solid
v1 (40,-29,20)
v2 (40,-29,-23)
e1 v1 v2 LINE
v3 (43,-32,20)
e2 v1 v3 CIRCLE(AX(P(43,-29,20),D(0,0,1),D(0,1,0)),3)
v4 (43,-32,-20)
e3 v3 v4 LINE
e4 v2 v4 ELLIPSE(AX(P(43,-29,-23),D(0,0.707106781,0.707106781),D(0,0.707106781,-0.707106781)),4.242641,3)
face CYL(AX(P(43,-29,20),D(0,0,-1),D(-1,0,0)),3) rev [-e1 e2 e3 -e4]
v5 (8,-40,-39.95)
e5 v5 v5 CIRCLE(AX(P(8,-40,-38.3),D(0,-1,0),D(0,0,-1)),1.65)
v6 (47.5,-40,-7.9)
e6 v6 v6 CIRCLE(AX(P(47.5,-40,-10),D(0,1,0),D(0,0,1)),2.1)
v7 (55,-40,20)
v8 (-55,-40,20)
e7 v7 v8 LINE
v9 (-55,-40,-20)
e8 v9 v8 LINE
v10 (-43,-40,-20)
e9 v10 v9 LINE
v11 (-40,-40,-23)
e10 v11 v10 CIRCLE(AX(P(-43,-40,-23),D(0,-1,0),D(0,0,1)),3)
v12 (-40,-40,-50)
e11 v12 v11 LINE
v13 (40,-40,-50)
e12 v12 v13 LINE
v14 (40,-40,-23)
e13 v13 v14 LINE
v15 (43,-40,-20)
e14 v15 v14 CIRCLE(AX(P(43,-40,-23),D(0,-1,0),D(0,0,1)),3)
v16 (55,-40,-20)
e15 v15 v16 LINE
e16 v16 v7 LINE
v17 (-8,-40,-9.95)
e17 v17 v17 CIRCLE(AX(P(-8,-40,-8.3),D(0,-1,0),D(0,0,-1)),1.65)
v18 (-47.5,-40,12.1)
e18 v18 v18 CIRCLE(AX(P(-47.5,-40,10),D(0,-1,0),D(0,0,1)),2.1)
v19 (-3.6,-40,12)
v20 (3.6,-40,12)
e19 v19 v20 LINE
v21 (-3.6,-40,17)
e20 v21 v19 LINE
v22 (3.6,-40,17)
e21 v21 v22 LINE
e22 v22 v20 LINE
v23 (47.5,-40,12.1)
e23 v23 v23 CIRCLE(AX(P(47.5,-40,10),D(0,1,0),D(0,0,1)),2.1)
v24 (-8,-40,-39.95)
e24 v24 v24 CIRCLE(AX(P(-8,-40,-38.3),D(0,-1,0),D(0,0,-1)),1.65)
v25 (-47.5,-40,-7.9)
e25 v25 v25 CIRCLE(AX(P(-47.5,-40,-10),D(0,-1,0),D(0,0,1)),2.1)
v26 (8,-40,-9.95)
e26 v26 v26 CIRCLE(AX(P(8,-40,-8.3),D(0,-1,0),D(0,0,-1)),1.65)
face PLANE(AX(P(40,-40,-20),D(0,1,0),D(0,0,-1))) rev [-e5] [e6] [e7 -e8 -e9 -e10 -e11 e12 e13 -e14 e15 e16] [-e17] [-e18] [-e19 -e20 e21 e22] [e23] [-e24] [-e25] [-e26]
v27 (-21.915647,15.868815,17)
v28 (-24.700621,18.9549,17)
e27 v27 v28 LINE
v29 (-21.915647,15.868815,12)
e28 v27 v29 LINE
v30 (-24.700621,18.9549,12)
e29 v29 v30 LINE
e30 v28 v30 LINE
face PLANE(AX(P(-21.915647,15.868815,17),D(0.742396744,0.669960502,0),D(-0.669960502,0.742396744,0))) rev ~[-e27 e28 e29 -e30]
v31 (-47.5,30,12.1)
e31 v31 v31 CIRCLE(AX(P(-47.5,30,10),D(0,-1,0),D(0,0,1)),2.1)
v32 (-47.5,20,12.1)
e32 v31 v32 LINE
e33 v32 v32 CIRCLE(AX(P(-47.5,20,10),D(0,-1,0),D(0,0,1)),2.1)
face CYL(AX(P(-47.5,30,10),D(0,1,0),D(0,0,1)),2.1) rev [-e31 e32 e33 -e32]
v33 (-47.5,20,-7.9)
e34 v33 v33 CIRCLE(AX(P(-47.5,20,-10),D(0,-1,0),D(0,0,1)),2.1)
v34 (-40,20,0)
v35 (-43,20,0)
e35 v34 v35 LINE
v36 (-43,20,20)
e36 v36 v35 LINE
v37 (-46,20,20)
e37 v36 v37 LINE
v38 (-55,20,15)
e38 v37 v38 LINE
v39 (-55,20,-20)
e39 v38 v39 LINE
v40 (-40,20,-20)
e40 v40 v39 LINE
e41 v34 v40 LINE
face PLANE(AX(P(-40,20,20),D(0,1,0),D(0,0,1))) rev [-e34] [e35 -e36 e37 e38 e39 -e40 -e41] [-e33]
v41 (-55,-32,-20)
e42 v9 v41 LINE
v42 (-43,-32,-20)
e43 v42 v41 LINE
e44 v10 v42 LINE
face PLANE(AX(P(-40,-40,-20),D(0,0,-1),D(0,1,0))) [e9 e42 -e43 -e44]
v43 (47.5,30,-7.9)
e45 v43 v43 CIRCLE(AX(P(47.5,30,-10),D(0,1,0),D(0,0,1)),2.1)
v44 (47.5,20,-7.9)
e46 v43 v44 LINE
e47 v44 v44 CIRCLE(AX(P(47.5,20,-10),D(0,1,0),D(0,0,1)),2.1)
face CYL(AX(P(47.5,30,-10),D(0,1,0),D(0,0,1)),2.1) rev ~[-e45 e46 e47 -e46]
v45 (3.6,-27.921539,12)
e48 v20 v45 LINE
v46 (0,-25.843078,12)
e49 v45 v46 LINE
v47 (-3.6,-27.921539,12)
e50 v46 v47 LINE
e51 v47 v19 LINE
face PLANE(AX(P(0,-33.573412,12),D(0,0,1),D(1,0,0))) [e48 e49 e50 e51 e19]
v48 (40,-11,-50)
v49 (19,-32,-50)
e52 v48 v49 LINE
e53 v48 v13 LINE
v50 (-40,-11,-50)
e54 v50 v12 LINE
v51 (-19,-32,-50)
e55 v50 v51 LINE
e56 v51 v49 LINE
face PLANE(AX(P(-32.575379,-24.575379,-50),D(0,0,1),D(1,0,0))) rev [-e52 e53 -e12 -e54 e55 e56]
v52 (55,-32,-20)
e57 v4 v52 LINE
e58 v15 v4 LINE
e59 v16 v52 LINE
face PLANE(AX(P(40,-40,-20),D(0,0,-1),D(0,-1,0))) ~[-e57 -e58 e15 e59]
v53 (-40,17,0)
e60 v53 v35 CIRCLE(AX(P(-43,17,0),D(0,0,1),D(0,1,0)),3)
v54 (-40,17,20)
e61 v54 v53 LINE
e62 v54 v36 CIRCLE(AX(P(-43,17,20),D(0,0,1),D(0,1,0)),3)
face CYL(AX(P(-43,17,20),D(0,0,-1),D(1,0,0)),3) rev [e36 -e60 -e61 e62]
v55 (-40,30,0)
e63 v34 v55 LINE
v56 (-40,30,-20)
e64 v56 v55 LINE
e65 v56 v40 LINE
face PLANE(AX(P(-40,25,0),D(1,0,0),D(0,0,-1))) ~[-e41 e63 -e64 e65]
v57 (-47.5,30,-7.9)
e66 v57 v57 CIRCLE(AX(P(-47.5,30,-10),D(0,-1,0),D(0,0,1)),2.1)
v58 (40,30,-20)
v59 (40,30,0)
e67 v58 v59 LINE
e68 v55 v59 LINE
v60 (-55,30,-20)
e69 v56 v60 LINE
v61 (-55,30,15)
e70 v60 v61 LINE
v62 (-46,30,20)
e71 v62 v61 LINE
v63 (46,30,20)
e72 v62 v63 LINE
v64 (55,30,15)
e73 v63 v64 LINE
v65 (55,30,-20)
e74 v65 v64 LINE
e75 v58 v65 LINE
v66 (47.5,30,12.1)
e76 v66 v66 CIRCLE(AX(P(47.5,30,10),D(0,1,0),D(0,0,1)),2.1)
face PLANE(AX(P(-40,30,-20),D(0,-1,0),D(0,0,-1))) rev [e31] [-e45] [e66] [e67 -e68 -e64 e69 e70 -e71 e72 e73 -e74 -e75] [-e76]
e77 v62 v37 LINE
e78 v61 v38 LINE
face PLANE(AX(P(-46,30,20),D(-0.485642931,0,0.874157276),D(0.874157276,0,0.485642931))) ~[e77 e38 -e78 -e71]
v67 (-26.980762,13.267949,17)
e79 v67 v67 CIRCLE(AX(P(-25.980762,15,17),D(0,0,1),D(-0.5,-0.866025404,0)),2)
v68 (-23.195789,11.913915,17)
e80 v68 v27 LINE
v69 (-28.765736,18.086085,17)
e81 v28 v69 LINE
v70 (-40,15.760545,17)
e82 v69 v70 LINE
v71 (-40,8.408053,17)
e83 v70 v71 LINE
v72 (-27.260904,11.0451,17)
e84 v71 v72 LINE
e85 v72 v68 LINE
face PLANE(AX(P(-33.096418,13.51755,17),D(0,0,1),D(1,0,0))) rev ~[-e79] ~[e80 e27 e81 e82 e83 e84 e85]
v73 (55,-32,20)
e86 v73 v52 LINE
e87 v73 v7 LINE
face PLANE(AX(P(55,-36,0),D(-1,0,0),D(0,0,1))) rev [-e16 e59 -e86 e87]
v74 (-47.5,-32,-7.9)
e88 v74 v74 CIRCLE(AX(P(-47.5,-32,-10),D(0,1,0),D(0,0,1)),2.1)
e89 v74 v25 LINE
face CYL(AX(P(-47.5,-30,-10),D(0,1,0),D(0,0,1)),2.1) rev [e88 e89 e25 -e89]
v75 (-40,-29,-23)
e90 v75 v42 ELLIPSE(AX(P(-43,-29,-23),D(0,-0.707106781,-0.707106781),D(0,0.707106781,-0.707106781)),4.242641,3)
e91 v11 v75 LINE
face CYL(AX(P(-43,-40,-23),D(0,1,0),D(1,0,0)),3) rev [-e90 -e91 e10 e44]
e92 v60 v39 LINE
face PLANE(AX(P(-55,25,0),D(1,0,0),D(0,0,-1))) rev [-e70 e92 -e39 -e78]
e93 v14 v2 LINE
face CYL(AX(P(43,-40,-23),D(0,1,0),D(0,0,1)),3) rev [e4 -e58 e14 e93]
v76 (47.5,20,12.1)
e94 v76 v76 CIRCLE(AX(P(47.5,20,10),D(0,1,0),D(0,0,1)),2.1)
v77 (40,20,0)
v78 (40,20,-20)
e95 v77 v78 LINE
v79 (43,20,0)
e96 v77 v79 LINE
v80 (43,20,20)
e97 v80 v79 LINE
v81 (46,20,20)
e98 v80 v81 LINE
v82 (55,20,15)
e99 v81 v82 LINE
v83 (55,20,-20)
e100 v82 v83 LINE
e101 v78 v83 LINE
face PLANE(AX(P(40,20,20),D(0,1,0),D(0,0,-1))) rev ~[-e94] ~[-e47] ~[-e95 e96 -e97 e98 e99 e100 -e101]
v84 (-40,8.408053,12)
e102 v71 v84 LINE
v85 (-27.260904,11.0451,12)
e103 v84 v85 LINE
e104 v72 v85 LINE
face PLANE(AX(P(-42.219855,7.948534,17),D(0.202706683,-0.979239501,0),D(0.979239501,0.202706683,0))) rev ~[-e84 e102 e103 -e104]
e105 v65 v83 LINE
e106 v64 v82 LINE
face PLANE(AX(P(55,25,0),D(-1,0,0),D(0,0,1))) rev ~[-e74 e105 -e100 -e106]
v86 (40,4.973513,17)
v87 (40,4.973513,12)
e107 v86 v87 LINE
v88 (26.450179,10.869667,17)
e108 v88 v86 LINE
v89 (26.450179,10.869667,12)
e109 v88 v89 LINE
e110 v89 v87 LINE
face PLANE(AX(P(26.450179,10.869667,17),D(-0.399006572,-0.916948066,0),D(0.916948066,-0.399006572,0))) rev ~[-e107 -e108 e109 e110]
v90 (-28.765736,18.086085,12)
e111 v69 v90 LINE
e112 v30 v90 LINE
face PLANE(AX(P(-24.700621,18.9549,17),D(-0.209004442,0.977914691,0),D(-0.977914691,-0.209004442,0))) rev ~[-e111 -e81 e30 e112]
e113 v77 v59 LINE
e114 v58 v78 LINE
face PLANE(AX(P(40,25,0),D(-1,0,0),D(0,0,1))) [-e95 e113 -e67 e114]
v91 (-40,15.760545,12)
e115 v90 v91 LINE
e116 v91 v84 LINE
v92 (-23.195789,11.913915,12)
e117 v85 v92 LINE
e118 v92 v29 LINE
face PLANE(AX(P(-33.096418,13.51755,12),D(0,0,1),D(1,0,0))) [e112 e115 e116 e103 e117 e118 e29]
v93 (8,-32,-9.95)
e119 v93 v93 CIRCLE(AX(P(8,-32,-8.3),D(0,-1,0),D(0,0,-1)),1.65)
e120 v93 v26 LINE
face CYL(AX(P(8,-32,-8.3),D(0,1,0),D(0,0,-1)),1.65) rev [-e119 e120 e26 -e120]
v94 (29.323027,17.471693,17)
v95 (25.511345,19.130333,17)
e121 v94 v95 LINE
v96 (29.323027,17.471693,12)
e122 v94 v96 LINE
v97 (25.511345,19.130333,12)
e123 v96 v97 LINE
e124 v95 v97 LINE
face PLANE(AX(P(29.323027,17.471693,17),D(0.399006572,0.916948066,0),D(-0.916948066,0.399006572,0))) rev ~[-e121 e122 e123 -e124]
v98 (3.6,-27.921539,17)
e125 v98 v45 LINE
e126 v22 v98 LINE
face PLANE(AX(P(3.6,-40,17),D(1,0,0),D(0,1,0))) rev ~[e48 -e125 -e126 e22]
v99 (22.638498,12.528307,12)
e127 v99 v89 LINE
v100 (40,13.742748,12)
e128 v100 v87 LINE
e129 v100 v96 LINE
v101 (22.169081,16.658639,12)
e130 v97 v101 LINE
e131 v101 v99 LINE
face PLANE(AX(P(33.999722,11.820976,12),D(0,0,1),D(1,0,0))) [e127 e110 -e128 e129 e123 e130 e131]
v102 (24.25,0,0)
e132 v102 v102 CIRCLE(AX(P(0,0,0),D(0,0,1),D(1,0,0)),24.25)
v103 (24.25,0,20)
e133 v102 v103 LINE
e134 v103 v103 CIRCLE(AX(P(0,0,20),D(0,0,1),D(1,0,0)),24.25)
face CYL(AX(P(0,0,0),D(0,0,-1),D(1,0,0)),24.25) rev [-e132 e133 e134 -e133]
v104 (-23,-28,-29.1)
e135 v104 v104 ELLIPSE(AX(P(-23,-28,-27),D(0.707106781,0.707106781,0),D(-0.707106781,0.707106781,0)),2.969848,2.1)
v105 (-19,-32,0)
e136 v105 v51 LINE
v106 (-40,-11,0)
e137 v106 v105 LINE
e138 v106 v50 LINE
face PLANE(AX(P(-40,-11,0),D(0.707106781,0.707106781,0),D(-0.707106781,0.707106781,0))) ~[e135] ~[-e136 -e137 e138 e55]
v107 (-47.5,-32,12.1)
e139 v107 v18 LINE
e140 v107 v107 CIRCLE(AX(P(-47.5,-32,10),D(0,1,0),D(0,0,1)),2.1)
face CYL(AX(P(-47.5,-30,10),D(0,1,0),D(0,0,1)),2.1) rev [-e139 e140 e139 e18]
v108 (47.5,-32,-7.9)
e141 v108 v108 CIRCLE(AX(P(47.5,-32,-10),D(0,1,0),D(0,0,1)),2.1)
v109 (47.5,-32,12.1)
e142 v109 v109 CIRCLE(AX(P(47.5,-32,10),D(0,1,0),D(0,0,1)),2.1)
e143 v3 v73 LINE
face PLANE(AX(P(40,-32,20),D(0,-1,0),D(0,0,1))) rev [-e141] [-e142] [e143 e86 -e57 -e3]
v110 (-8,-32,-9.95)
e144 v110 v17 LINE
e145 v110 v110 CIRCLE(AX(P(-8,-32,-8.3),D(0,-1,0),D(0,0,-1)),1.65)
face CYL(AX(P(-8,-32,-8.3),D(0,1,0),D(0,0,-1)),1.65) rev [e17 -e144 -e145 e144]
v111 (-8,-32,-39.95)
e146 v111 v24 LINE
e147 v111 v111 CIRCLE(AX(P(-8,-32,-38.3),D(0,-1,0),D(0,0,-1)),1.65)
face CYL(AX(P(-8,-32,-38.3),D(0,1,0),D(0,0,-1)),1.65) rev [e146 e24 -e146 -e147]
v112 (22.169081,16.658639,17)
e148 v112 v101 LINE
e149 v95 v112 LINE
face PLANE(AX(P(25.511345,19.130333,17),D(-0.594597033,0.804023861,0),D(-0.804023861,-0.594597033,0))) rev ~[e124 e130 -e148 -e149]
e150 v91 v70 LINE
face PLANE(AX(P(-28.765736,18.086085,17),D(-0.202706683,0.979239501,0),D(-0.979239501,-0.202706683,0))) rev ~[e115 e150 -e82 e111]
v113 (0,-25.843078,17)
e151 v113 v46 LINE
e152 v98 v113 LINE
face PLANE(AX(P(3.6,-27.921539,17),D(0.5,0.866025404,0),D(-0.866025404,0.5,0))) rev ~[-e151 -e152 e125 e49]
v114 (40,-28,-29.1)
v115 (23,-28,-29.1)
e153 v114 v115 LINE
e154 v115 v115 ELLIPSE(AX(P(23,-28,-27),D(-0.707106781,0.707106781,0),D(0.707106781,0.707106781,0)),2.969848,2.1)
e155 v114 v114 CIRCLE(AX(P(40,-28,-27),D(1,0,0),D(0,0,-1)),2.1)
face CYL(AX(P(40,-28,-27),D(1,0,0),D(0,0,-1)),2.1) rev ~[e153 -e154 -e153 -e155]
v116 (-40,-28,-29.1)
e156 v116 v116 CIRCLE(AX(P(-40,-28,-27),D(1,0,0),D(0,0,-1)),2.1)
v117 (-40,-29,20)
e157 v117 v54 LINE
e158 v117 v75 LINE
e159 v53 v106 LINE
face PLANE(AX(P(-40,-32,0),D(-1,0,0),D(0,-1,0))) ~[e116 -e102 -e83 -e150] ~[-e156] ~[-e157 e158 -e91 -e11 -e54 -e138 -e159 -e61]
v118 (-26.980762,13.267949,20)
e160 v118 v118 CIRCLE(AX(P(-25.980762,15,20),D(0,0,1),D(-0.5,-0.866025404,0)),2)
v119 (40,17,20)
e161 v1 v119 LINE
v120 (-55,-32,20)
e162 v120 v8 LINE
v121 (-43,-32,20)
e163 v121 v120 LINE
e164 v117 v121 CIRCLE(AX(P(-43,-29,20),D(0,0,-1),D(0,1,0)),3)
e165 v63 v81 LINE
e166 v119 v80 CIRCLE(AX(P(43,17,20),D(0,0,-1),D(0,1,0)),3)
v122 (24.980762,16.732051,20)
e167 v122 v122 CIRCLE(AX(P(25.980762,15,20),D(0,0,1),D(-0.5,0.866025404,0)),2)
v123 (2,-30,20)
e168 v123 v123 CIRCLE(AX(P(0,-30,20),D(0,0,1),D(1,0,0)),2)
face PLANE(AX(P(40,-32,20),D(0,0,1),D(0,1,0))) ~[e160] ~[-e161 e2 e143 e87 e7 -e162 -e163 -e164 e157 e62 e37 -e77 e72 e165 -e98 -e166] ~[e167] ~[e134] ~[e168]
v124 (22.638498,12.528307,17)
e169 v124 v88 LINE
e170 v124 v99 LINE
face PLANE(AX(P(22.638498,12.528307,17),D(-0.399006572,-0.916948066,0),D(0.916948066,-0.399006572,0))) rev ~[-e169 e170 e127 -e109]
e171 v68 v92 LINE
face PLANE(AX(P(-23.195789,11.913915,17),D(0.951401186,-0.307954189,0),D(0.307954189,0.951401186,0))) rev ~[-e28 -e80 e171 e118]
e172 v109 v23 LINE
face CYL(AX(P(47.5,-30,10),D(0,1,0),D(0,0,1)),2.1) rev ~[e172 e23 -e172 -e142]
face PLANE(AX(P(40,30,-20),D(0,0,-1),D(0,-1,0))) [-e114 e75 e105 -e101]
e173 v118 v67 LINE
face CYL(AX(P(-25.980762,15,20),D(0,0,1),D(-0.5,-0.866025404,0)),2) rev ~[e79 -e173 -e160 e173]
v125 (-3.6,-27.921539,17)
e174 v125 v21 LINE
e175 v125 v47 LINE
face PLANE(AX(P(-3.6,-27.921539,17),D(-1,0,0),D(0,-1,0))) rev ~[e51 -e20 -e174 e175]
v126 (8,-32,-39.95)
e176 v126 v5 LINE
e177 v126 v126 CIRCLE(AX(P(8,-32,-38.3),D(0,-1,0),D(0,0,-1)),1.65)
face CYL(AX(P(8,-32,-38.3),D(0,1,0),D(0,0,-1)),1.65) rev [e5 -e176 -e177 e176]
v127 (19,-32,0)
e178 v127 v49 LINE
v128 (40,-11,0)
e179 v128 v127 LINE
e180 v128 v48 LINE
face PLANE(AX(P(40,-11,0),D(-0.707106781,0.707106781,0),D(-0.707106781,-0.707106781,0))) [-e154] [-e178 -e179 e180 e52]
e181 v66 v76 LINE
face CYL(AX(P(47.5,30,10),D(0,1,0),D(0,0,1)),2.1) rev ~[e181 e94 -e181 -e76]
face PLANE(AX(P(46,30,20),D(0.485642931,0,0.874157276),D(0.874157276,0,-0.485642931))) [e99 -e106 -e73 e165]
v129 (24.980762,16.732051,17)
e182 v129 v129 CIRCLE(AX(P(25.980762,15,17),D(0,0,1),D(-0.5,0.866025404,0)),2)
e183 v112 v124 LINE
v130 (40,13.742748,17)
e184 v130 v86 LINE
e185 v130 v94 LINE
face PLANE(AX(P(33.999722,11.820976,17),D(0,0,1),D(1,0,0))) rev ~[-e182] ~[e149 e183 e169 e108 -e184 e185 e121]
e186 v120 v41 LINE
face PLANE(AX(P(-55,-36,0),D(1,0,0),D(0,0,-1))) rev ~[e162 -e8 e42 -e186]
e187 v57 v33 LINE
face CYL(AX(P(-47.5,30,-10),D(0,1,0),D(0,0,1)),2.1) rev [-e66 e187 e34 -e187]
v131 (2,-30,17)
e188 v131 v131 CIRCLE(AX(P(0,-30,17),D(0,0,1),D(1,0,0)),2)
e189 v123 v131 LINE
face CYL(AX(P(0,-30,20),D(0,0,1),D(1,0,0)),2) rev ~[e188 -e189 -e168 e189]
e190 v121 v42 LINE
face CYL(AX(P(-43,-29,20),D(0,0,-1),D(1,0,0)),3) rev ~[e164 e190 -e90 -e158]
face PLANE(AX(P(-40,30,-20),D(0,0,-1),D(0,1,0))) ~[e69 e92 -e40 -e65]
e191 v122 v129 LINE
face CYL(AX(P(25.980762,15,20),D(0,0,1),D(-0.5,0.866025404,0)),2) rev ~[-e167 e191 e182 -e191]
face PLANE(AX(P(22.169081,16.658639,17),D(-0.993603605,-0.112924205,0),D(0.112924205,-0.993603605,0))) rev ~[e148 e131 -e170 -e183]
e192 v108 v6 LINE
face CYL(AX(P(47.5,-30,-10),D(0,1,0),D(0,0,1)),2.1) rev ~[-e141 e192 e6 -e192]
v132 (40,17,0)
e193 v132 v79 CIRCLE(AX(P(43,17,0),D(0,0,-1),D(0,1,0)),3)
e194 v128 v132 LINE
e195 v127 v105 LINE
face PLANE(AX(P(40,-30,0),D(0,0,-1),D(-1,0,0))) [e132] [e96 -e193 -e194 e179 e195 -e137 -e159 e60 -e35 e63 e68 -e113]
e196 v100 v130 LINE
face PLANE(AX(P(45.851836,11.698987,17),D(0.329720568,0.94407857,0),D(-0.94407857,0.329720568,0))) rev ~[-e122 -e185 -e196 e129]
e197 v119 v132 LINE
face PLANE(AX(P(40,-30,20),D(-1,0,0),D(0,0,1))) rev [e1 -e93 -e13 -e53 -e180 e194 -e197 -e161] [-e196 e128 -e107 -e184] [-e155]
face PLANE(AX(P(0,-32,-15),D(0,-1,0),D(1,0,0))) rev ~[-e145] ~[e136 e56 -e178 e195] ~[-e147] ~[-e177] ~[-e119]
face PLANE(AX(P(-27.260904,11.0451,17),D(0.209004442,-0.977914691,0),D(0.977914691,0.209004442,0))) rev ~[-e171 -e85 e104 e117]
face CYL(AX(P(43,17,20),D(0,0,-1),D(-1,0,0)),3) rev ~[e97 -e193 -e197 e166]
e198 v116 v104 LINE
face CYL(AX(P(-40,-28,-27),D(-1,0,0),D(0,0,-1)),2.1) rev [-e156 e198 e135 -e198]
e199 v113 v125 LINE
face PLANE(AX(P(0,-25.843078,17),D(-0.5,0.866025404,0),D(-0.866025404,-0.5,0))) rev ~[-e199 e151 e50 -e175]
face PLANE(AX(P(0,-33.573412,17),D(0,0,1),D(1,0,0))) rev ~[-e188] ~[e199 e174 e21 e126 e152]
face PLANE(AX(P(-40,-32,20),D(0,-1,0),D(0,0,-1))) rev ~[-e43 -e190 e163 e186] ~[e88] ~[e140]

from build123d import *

# Parameters (mm, degrees)
SKETCH1_W           = 80
SKETCH1_H           = 60
SKETCH1_R           = 24.25
BOSS_EXTRUDE1_DEPTH = 20
BOSS_EXTRUDE3_DEPTH = 15
SKETCH5_R           = 2.1
CUT_EXTRUDE2_DEPTH  = 10
SKETCH6_W           = 80
SKETCH6_H           = 20
BOSS_EXTRUDE4_DEPTH = 2
BOSS_EXTRUDE6_DEPTH = 50
SKETCH9_R           = 2.1
CUT_EXTRUDE3_DEPTH  = 100.619275243
SKETCH12_W          = 80
SKETCH12_H          = 70
SKETCH12_R          = 1.65
BOSS_EXTRUDE8_DEPTH = 8
BOSS_EXTRUDE9_DEPTH = 15
CUT_EXTRUDE4_START  = -10
SKETCH14_R          = 2.1
CUT_EXTRUDE4_DEPTH  = 10
SKETCH16_R          = 2
CUT_EXTRUDE5_DEPTH  = 3
CIRPATTERN1_COUNT   = 3
FILLET1_R           = 3
CUT_EXTRUDE6_DEPTH  = 5


with BuildPart() as part:
    # Sketch1 → Boss-Extrude1 (new body)
    with BuildSketch(Plane.XY):
        Rectangle(SKETCH1_W, SKETCH1_H)
        Circle(SKETCH1_R, mode=Mode.SUBTRACT)
    extrude(amount=BOSS_EXTRUDE1_DEPTH)

    # Sketch4 → Boss-Extrude3 (add)
    with BuildSketch(Plane(origin=(40, 0, 0), x_dir=(0, 0, -1), z_dir=(1, 0, 0))):
        Polygon((-20, 30), (0, 30), (20, 30), (20, 20), (0, 20), (-20, 20), align=None)
    boss_extrude3 = extrude(amount=BOSS_EXTRUDE3_DEPTH)

    # Sketch5 → Cut-Extrude2 (cut)
    with BuildSketch(Plane(origin=(0, 30, 0), x_dir=(1, 0, 0), z_dir=(0, 1, 0))):
        with Locations(Location((47.5, -10, 0), (0, 0, 270))):
            Circle(SKETCH5_R)
        with Locations(Location((47.5, 10, 0), (0, 0, 270))):
            Circle(SKETCH5_R)
        Polygon((46, -20), (55, -15), (55, -20), align=None)
    cut_extrude2 = extrude(amount=-CUT_EXTRUDE2_DEPTH, mode=Mode.SUBTRACT)

    # Sketch6 → Boss-Extrude4 (add)
    with BuildSketch(Plane(origin=(0, -30, 0), x_dir=(-1, 0, 0), z_dir=(0, -1, 0))):
        with Locations((0, -10)):
            Rectangle(SKETCH6_W, SKETCH6_H)
    boss_extrude4 = extrude(amount=BOSS_EXTRUDE4_DEPTH)

    # Sketch8 → Boss-Extrude6 (add)
    with BuildSketch(Plane(origin=(0, 0, 0), x_dir=(-1, 0, 0), z_dir=(0, 0, -1))):
        Polygon((-40, -11), (-19, -32), (-40, -32), align=None)
    boss_extrude6 = extrude(amount=BOSS_EXTRUDE6_DEPTH)

    # Sketch9 → Cut-Extrude3 (cut, through all)
    with BuildSketch(Plane(origin=(40, 0, 0), x_dir=(0, 0, -1), z_dir=(1, 0, 0))):
        with Locations((27, -28)):
            Circle(SKETCH9_R)
    cut_extrude3 = extrude(amount=-CUT_EXTRUDE3_DEPTH, mode=Mode.SUBTRACT)

    # Sketch12 → Boss-Extrude8 (add)
    with BuildSketch(Plane.XZ.offset(32)):
        with Locations((0, -15)):
            Rectangle(SKETCH12_W, SKETCH12_H)
        with Locations(Location((-8, -8.3, 0), (0, 0, 270))):
            Circle(SKETCH12_R, mode=Mode.SUBTRACT)
        with Locations(Location((8, -8.3, 0), (0, 0, 270))):
            Circle(SKETCH12_R, mode=Mode.SUBTRACT)
        with Locations(Location((8, -38.3, 0), (0, 0, 270))):
            Circle(SKETCH12_R, mode=Mode.SUBTRACT)
        with Locations(Location((-8, -38.3, 0), (0, 0, 270))):
            Circle(SKETCH12_R, mode=Mode.SUBTRACT)
    extrude(amount=BOSS_EXTRUDE8_DEPTH)

    # Mirror1: Boss-Extrude3, Cut-Extrude2, Boss-Extrude4, Boss-Extrude6, Cut-Extrude3 across plane
    add(boss_extrude3.mirror(Plane(origin=(0, 0, 0), x_dir=(0, 0, 1), z_dir=(1, 0, 0))))
    add(cut_extrude2.mirror(Plane(origin=(0, 0, 0), x_dir=(0, 0, 1), z_dir=(1, 0, 0))), mode=Mode.SUBTRACT)
    add(boss_extrude4.mirror(Plane(origin=(0, 0, 0), x_dir=(0, 0, 1), z_dir=(1, 0, 0))))
    add(boss_extrude6.mirror(Plane(origin=(0, 0, 0), x_dir=(0, 0, 1), z_dir=(1, 0, 0))))
    add(cut_extrude3.mirror(Plane(origin=(0, 0, 0), x_dir=(0, 0, 1), z_dir=(1, 0, 0))), mode=Mode.SUBTRACT)

    # Sketch13 → Boss-Extrude9 (add)
    with BuildSketch(Plane.ZY.offset(40)):
        Polygon((20, -40), (0, -40), (-20, -40), (-20, -32), (0, -32), (20, -32), align=None)
    boss_extrude9 = extrude(amount=BOSS_EXTRUDE9_DEPTH)

    # Sketch14 → Cut-Extrude4 (cut)
    with BuildSketch(Plane.XZ.offset(40).offset(CUT_EXTRUDE4_START)):
        with Locations(Location((-47.5, 10, 0), (0, 0, 90))):
            Circle(SKETCH14_R)
        with Locations(Location((-47.5, -10, 0), (0, 0, 90))):
            Circle(SKETCH14_R)
    cut_extrude4 = extrude(amount=CUT_EXTRUDE4_DEPTH, mode=Mode.SUBTRACT)

    # Mirror2: Boss-Extrude9, Cut-Extrude4 across plane
    add(boss_extrude9.mirror(Plane(origin=(0, 0, 0), x_dir=(0, 0, 1), z_dir=(1, 0, 0))))
    add(cut_extrude4.mirror(Plane(origin=(0, 0, 0), x_dir=(0, 0, 1), z_dir=(1, 0, 0))), mode=Mode.SUBTRACT)

    # Sketch16 → Cut-Extrude5 (cut)
    with BuildSketch(Plane.XY.offset(20)):
        with Locations((0, -30)):
            Circle(SKETCH16_R)
    cut_extrude5 = extrude(amount=-CUT_EXTRUDE5_DEPTH, mode=Mode.SUBTRACT)

    # CirPattern1: Cut-Extrude5 ×3 about axis
    cirpattern1_axis = Axis((0, 0, 0), (0, 0, 1))
    for i in range(1, CIRPATTERN1_COUNT):
        add(cut_extrude5.rotate(cirpattern1_axis, i * 360 / CIRPATTERN1_COUNT), mode=Mode.SUBTRACT)

    # Fillet1
    fillet1_edges = [part.edges().sort_by_distance(p)[0] for p in [
        (-40, 20, 10),
        (-40, -32, 0),
        (-40, -36, -20),
        (40, 20, 10),
        (40, -32, 0),
        (40, -36, -20),
    ]]
    fillet(fillet1_edges, radius=FILLET1_R)

    # Sketch17 → Cut-Extrude6 (cut)
    with BuildSketch(Plane.XY.offset(17)):
        Polygon((-3.6, -32.078460969), (-3.6, -40), (3.6, -40), (3.6, -32.078460969), (3.6, -27.921539031), (0, -25.843078062), (-3.6, -27.921539031), align=None)
        Polygon((29.323026539, 17.47169345), (25.511345008, 19.130332624), (22.169080583, 16.658639174), (22.638497688, 12.52830655), (26.450179219, 10.869667376), (42.459549451, 3.903248909), (45.851836141, 11.698986963), align=None)
        Polygon((-21.915647081, 15.868815152), (-24.70062059, 18.954900464), (-28.765735623, 18.086085312), (-43.679312497, 14.998912364), (-42.219854604, 7.948533961), (-27.260903637, 11.045099536), (-23.195788604, 11.913914688), align=None)
    extrude(amount=-CUT_EXTRUDE6_DEPTH, mode=Mode.SUBTRACT)


solid = part.part
